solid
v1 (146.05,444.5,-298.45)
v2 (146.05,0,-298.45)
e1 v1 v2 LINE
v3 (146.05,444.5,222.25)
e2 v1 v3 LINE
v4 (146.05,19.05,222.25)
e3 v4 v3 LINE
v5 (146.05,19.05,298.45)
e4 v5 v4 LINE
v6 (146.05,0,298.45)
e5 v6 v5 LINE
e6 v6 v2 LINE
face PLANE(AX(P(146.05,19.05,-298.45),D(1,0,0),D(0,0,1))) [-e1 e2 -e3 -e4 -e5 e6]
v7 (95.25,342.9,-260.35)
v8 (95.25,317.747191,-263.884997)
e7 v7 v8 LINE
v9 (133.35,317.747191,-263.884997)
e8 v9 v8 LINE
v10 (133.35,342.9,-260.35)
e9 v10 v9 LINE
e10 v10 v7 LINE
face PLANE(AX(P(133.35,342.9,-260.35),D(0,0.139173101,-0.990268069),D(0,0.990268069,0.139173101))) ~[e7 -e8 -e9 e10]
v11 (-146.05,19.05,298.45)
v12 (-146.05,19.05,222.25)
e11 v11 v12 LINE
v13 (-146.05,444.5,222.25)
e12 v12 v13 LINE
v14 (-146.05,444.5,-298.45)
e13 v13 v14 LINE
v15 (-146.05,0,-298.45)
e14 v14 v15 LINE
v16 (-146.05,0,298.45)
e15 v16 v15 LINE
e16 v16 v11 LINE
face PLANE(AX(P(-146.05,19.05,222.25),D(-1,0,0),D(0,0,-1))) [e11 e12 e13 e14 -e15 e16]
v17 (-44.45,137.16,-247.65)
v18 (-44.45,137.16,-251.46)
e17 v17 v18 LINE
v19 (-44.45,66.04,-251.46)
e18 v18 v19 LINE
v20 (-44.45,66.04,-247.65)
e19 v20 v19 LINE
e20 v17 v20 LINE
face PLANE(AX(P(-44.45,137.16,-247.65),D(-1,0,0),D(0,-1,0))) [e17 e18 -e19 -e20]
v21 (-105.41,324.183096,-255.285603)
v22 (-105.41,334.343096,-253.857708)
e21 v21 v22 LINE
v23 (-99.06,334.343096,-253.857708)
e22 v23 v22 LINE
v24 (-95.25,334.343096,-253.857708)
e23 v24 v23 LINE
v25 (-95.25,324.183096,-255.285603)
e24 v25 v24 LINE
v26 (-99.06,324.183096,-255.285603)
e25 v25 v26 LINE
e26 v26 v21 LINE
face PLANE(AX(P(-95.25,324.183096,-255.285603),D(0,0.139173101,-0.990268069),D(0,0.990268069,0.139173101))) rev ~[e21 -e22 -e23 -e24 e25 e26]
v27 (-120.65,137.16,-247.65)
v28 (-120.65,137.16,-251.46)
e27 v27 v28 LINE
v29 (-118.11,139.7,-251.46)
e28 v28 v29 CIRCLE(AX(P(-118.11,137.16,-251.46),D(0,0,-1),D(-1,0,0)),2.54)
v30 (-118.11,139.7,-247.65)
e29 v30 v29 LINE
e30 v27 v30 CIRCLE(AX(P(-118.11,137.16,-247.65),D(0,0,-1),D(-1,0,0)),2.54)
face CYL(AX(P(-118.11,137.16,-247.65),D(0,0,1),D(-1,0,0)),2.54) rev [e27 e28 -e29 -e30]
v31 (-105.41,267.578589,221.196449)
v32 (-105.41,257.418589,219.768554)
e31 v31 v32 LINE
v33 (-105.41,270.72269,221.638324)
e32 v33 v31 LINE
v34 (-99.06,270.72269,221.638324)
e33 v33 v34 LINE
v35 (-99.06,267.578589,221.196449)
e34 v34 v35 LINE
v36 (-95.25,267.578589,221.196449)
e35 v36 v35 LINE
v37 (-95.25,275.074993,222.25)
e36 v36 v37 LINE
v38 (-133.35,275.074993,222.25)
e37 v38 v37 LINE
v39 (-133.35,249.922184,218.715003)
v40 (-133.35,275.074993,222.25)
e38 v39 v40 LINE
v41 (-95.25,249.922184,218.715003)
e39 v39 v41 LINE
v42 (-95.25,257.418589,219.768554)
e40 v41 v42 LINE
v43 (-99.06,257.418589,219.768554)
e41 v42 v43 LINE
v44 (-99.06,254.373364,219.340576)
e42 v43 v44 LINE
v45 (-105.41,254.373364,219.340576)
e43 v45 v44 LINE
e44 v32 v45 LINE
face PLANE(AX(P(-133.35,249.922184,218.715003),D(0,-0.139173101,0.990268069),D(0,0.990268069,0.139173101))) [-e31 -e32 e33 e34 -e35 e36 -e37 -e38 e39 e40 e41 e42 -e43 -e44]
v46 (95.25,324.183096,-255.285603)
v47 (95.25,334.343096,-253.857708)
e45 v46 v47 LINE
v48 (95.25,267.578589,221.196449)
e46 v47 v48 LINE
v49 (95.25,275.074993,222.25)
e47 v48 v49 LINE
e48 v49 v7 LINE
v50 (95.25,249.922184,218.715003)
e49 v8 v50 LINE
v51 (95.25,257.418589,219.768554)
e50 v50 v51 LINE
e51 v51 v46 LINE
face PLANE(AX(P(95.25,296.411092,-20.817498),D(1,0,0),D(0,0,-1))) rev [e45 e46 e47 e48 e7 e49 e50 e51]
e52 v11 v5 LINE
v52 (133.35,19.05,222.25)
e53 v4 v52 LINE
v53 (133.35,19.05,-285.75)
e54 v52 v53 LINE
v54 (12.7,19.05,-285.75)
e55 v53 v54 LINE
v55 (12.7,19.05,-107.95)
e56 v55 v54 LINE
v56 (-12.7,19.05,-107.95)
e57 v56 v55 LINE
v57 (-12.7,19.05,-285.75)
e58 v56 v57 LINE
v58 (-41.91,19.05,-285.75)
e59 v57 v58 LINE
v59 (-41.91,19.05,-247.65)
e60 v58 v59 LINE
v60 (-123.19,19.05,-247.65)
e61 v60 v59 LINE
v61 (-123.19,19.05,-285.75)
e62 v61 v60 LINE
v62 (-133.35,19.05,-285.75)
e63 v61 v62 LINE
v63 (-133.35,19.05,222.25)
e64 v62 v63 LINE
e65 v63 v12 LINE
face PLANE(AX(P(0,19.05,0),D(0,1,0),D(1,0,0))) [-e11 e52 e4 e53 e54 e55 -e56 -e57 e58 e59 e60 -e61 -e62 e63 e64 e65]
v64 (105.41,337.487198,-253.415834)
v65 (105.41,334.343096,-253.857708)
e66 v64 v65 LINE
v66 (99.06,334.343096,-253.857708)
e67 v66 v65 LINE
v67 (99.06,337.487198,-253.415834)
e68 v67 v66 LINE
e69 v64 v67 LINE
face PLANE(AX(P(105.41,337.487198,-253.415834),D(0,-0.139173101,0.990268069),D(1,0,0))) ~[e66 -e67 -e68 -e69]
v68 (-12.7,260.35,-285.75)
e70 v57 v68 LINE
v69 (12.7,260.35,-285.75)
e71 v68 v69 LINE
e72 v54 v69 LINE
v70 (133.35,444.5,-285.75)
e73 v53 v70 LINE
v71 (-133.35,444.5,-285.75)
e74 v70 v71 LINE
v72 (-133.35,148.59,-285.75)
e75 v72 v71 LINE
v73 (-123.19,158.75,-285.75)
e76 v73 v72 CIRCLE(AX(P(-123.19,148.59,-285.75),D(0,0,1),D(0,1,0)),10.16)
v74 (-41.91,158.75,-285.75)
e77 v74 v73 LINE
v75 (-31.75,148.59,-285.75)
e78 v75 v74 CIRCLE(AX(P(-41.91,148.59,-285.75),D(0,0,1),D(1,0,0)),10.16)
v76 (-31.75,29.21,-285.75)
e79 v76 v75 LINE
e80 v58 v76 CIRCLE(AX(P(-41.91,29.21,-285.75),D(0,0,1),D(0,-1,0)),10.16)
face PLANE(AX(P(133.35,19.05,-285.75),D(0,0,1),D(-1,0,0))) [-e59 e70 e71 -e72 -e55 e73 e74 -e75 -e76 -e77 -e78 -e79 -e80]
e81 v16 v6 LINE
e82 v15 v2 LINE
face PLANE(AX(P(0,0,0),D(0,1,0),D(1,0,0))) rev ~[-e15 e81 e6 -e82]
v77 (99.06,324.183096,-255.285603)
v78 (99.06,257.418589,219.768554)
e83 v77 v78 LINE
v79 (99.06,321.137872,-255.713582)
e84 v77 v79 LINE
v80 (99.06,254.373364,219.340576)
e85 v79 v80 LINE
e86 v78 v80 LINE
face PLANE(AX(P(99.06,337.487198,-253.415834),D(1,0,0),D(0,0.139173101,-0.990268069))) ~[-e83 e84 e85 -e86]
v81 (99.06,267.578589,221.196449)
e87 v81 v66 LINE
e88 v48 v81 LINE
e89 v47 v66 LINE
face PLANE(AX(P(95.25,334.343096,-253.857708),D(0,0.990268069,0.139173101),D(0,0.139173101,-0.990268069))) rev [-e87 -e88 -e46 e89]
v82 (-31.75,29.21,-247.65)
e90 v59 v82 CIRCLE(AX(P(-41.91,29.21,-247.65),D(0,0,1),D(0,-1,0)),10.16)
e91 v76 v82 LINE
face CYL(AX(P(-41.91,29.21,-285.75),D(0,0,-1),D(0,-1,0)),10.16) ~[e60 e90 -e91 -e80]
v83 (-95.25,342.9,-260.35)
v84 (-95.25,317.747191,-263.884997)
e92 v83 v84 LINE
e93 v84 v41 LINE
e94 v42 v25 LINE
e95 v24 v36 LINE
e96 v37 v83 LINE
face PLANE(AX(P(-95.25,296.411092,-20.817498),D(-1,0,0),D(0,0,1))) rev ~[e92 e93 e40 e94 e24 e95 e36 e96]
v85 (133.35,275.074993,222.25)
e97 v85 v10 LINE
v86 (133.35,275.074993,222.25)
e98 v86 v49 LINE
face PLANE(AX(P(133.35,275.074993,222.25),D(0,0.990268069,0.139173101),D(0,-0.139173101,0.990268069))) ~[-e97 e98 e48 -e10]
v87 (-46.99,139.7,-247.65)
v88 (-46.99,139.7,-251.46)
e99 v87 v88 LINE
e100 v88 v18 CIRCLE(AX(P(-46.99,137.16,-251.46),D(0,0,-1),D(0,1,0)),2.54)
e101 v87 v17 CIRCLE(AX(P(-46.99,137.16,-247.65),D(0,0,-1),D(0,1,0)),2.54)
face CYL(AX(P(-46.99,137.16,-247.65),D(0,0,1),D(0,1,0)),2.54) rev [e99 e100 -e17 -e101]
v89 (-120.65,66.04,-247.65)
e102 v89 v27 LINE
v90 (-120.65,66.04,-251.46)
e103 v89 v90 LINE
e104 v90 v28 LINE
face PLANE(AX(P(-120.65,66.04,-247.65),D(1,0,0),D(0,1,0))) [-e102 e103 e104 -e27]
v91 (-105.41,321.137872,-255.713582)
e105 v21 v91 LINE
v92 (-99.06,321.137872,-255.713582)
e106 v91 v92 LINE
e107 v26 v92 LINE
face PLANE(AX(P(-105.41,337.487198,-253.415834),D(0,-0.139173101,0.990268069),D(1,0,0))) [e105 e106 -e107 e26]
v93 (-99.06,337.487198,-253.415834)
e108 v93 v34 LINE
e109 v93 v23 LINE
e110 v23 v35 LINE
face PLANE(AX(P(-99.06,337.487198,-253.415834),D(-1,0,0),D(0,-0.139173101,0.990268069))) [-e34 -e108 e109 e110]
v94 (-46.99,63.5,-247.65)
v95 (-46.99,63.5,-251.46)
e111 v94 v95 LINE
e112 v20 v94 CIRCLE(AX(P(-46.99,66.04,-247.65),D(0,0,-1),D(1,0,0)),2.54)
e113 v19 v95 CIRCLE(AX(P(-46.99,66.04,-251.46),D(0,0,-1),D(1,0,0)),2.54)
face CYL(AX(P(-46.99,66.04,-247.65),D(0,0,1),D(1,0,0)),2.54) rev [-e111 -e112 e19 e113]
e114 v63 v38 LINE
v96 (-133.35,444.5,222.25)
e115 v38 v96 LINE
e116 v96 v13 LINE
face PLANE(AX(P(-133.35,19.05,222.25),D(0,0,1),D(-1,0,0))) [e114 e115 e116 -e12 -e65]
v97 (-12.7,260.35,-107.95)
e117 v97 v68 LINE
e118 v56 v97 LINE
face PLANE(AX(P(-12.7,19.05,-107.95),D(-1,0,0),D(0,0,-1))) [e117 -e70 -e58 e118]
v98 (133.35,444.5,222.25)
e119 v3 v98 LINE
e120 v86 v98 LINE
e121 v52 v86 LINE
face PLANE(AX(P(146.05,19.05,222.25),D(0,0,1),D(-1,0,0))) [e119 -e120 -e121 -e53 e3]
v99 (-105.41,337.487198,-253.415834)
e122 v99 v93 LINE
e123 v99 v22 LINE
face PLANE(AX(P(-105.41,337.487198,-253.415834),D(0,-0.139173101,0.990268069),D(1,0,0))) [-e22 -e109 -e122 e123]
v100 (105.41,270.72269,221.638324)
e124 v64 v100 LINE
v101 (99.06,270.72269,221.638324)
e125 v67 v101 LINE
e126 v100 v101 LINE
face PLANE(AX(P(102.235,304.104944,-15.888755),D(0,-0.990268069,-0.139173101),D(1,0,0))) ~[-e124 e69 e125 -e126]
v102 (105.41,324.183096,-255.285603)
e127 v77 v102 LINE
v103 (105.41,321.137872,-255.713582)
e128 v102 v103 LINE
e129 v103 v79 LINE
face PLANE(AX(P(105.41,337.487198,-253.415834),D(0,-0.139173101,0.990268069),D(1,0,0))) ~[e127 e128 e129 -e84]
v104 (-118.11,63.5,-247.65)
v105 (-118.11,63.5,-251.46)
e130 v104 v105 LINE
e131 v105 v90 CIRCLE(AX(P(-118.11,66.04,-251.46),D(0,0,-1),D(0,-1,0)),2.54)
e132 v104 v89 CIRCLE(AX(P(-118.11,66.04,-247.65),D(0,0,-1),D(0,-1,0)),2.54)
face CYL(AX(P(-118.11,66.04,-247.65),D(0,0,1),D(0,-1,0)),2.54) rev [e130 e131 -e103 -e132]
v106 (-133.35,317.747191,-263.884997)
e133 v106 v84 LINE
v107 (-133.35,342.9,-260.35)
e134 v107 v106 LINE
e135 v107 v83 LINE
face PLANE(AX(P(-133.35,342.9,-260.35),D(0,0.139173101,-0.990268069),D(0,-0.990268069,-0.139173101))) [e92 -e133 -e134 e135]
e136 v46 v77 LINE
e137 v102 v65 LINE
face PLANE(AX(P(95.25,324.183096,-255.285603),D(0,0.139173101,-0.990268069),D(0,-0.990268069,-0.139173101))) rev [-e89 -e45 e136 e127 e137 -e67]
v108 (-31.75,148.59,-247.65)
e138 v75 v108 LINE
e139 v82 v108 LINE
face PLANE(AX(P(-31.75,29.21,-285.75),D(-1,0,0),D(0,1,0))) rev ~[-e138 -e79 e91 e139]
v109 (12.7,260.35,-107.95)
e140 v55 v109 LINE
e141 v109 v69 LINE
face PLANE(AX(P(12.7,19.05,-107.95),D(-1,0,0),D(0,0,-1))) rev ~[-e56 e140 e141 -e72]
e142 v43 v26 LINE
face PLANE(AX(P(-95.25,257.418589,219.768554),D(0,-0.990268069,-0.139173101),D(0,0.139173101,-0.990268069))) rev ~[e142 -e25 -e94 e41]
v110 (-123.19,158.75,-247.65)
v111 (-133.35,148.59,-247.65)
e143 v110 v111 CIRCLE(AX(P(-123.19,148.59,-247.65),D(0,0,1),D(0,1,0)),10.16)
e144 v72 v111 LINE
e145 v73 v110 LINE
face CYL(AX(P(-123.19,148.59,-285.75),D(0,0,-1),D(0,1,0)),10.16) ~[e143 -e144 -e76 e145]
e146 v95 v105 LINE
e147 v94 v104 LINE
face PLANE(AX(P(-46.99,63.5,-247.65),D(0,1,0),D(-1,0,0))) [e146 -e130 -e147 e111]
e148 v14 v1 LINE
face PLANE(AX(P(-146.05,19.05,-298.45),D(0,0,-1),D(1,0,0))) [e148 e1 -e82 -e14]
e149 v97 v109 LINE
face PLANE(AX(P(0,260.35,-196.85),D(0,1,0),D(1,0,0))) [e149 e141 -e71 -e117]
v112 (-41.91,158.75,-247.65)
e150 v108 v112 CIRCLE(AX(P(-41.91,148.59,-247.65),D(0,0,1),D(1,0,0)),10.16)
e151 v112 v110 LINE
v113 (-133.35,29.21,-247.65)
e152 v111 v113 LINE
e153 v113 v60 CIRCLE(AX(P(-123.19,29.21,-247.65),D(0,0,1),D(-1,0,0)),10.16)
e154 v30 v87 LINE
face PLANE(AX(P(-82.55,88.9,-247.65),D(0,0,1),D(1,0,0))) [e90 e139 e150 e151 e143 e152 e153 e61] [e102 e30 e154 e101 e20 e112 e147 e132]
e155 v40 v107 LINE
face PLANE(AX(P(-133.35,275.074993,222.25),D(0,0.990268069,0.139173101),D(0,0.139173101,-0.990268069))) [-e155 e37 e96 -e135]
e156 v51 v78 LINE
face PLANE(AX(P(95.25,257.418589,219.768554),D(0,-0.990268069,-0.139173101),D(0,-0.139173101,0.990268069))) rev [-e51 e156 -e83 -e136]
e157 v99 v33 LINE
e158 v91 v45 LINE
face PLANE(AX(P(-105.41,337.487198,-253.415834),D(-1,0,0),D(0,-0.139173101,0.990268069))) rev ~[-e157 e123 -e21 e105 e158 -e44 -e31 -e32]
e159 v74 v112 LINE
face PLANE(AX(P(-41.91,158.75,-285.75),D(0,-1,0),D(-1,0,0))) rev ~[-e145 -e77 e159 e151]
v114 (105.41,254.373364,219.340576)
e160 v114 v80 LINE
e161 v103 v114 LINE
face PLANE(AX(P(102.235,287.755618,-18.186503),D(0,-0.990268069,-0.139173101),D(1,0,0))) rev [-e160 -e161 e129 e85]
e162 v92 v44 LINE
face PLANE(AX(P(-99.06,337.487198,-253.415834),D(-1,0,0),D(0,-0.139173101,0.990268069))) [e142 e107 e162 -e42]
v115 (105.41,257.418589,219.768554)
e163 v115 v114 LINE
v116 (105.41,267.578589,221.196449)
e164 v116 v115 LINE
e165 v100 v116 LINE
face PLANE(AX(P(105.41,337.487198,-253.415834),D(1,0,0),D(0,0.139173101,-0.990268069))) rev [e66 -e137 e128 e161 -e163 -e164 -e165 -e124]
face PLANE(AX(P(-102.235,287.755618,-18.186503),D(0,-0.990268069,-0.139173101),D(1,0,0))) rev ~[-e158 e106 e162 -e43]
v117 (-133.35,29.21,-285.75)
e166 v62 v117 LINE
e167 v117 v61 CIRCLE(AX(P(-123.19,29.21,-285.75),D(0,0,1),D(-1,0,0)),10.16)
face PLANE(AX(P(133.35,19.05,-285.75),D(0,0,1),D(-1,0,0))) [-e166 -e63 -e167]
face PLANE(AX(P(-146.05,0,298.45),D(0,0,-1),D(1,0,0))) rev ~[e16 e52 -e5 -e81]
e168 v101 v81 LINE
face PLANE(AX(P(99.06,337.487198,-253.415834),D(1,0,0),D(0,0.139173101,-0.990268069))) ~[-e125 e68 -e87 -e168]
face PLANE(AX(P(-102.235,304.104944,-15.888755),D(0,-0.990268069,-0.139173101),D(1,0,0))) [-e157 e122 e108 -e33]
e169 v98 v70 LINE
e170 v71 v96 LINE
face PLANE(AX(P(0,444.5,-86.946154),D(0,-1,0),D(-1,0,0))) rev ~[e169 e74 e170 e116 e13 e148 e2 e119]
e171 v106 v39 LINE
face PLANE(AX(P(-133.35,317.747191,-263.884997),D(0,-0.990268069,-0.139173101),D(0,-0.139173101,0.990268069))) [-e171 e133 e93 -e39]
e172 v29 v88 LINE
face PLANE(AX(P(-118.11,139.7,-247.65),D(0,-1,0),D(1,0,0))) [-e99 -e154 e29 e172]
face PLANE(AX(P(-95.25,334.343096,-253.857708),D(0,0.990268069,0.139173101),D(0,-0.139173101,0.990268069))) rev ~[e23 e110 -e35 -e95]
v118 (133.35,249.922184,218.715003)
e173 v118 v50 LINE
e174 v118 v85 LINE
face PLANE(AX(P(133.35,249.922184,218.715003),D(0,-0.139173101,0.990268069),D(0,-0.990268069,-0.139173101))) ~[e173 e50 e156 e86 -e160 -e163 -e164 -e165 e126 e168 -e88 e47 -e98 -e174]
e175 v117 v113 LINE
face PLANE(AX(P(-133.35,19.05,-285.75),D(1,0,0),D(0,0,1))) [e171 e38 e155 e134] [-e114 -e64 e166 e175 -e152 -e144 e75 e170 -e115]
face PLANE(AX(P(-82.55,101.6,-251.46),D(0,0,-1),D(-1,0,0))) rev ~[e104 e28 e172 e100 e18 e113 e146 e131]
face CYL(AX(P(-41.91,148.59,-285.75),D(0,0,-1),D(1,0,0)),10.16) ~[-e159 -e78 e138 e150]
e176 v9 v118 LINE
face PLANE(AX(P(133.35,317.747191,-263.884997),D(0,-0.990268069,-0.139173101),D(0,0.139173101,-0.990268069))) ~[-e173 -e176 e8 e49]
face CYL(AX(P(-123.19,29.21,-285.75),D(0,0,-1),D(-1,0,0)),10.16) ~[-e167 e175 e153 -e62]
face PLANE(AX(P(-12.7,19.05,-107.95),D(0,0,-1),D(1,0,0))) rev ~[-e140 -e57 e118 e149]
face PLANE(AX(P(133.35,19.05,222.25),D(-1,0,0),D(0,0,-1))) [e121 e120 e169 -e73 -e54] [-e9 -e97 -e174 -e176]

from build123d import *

# Parameters (mm, degrees)
SKETCH1_W           = 292.1
SKETCH1_H           = 596.9
BOSS_EXTRUDE1_DEPTH = 19.05
BOSS_EXTRUDE2_DEPTH = 425.45
BOSS_EXTRUDE3_DEPTH = 38.1
CUT_EXTRUDE1_DEPTH  = 10.16
CUT_EXTRUDE2_START  = -3.175
SKETCH5_W           = 6.35
SKETCH5_H           = 479.722786497
CUT_EXTRUDE2_DEPTH  = 16.51
SKETCH6_W           = 25.4
SKETCH6_H           = 177.8
BOSS_EXTRUDE4_DEPTH = 241.3
BOSS_EXTRUDE6_DEPTH = 38.1
CUT_EXTRUDE3_DEPTH  = 3.81


with BuildPart() as part:
    # Sketch1 → Boss-Extrude1 (new body)
    with BuildSketch(Plane(origin=(0, 0, 0), x_dir=(1, 0, 0), z_dir=(0, 1, 0))):
        Rectangle(SKETCH1_W, SKETCH1_H)
    extrude(amount=BOSS_EXTRUDE1_DEPTH)

    # Sketch2 → Boss-Extrude2 (add)
    with BuildSketch(Plane(origin=(0, 19.05, 0), x_dir=(1, 0, 0), z_dir=(0, 1, 0))):
        Polygon((-146.05, -222.25), (-146.05, 298.45), (146.05, 298.45), (146.05, -222.25), (133.35, -222.25), (133.35, 285.75), (-133.35, 285.75), (-133.35, -222.25), align=None)
    extrude(amount=BOSS_EXTRUDE2_DEPTH)

    # Sketch3 → Boss-Extrude3 (add)
    with BuildSketch(Plane(origin=(-133.35, 0, 0), x_dir=(0, 0, -1), z_dir=(1, 0, 0))):
        Polygon((-222.25, 275.074993173), (260.35, 342.9), (263.884996764, 317.747191054), (-218.715003236, 249.922184227), align=None)
    boss_extrude3 = extrude(amount=BOSS_EXTRUDE3_DEPTH)

    # Sketch4 → Cut-Extrude1 (cut)
    with BuildSketch(Plane(origin=(-95.25, 0, 0), x_dir=(0, 0, -1), z_dir=(1, 0, 0))):
        Polygon((-221.196449058, 267.5785887), (-219.768554178, 257.4185887), (255.285603139, 324.183096498), (253.857708258, 334.343096498), align=None)
    cut_extrude1 = extrude(amount=-CUT_EXTRUDE1_DEPTH, mode=Mode.SUBTRACT)

    # Sketch5 → Cut-Extrude2 (cut)
    with BuildSketch(Plane(origin=(0, 292.880820502, 41.161714982), x_dir=(1, 0, 0), z_dir=(0, -0.9902680687415715, -0.13917310096005858)).offset(CUT_EXTRUDE2_START)):
        with Locations((-102.235, -58.057354767)):
            Rectangle(SKETCH5_W, SKETCH5_H)
    cut_extrude2 = extrude(amount=CUT_EXTRUDE2_DEPTH, mode=Mode.SUBTRACT)

    # Mirror1: Boss-Extrude3, Cut-Extrude1, Cut-Extrude2 across plane
    add(boss_extrude3.mirror(Plane(origin=(0, 0, 0), x_dir=(0, 0, 1), z_dir=(1, 0, 0))))
    add(cut_extrude1.mirror(Plane(origin=(0, 0, 0), x_dir=(0, 0, 1), z_dir=(1, 0, 0))), mode=Mode.SUBTRACT)
    add(cut_extrude2.mirror(Plane(origin=(0, 0, 0), x_dir=(0, 0, 1), z_dir=(1, 0, 0))), mode=Mode.SUBTRACT)

    # Sketch6 → Boss-Extrude4 (add)
    with BuildSketch(Plane(origin=(0, 19.05, 0), x_dir=(1, 0, 0), z_dir=(0, 1, 0))):
        with Locations((0, 196.85)):
            Rectangle(SKETCH6_W, SKETCH6_H)
    extrude(amount=BOSS_EXTRUDE4_DEPTH)

    # Sketch8 → Boss-Extrude6 (add)
    with BuildSketch(Plane.XY.offset(-285.75)):
        with BuildLine():
            Line((-123.19, 19.05), (-41.91, 19.05))
            ThreePointArc((-41.91, 19.05), (-34.725795103, 22.025795103), (-31.75, 29.21))
            Line((-31.75, 29.21), (-31.75, 148.59))
            ThreePointArc((-31.75, 148.59), (-34.725795103, 155.774204897), (-41.91, 158.75))
            Line((-41.91, 158.75), (-123.19, 158.75))
            ThreePointArc((-123.19, 158.75), (-130.374204897, 155.774204897), (-133.35, 148.59))
            Line((-133.35, 148.59), (-133.35, 29.21))
            ThreePointArc((-133.35, 29.21), (-130.374204897, 22.025795103), (-123.19, 19.05))
        make_face()
    extrude(amount=BOSS_EXTRUDE6_DEPTH)

    # Sketch9 → Cut-Extrude3 (cut)
    with BuildSketch(Plane.XY.offset(-247.65)):
        with BuildLine():
            Line((-118.11, 139.7), (-46.99, 139.7))
            ThreePointArc((-46.99, 139.7), (-45.193948776, 138.956051224), (-44.45, 137.16))
            Line((-44.45, 137.16), (-44.45, 66.04))
            ThreePointArc((-44.45, 66.04), (-45.193948776, 64.243948776), (-46.99, 63.5))
            Line((-46.99, 63.5), (-118.11, 63.5))
            ThreePointArc((-118.11, 63.5), (-119.906051224, 64.243948776), (-120.65, 66.04))
            Line((-120.65, 66.04), (-120.65, 137.16))
            ThreePointArc((-120.65, 137.16), (-119.906051224, 138.956051224), (-118.11, 139.7))
        make_face()
    extrude(amount=-CUT_EXTRUDE3_DEPTH, mode=Mode.SUBTRACT)


solid = part.part
